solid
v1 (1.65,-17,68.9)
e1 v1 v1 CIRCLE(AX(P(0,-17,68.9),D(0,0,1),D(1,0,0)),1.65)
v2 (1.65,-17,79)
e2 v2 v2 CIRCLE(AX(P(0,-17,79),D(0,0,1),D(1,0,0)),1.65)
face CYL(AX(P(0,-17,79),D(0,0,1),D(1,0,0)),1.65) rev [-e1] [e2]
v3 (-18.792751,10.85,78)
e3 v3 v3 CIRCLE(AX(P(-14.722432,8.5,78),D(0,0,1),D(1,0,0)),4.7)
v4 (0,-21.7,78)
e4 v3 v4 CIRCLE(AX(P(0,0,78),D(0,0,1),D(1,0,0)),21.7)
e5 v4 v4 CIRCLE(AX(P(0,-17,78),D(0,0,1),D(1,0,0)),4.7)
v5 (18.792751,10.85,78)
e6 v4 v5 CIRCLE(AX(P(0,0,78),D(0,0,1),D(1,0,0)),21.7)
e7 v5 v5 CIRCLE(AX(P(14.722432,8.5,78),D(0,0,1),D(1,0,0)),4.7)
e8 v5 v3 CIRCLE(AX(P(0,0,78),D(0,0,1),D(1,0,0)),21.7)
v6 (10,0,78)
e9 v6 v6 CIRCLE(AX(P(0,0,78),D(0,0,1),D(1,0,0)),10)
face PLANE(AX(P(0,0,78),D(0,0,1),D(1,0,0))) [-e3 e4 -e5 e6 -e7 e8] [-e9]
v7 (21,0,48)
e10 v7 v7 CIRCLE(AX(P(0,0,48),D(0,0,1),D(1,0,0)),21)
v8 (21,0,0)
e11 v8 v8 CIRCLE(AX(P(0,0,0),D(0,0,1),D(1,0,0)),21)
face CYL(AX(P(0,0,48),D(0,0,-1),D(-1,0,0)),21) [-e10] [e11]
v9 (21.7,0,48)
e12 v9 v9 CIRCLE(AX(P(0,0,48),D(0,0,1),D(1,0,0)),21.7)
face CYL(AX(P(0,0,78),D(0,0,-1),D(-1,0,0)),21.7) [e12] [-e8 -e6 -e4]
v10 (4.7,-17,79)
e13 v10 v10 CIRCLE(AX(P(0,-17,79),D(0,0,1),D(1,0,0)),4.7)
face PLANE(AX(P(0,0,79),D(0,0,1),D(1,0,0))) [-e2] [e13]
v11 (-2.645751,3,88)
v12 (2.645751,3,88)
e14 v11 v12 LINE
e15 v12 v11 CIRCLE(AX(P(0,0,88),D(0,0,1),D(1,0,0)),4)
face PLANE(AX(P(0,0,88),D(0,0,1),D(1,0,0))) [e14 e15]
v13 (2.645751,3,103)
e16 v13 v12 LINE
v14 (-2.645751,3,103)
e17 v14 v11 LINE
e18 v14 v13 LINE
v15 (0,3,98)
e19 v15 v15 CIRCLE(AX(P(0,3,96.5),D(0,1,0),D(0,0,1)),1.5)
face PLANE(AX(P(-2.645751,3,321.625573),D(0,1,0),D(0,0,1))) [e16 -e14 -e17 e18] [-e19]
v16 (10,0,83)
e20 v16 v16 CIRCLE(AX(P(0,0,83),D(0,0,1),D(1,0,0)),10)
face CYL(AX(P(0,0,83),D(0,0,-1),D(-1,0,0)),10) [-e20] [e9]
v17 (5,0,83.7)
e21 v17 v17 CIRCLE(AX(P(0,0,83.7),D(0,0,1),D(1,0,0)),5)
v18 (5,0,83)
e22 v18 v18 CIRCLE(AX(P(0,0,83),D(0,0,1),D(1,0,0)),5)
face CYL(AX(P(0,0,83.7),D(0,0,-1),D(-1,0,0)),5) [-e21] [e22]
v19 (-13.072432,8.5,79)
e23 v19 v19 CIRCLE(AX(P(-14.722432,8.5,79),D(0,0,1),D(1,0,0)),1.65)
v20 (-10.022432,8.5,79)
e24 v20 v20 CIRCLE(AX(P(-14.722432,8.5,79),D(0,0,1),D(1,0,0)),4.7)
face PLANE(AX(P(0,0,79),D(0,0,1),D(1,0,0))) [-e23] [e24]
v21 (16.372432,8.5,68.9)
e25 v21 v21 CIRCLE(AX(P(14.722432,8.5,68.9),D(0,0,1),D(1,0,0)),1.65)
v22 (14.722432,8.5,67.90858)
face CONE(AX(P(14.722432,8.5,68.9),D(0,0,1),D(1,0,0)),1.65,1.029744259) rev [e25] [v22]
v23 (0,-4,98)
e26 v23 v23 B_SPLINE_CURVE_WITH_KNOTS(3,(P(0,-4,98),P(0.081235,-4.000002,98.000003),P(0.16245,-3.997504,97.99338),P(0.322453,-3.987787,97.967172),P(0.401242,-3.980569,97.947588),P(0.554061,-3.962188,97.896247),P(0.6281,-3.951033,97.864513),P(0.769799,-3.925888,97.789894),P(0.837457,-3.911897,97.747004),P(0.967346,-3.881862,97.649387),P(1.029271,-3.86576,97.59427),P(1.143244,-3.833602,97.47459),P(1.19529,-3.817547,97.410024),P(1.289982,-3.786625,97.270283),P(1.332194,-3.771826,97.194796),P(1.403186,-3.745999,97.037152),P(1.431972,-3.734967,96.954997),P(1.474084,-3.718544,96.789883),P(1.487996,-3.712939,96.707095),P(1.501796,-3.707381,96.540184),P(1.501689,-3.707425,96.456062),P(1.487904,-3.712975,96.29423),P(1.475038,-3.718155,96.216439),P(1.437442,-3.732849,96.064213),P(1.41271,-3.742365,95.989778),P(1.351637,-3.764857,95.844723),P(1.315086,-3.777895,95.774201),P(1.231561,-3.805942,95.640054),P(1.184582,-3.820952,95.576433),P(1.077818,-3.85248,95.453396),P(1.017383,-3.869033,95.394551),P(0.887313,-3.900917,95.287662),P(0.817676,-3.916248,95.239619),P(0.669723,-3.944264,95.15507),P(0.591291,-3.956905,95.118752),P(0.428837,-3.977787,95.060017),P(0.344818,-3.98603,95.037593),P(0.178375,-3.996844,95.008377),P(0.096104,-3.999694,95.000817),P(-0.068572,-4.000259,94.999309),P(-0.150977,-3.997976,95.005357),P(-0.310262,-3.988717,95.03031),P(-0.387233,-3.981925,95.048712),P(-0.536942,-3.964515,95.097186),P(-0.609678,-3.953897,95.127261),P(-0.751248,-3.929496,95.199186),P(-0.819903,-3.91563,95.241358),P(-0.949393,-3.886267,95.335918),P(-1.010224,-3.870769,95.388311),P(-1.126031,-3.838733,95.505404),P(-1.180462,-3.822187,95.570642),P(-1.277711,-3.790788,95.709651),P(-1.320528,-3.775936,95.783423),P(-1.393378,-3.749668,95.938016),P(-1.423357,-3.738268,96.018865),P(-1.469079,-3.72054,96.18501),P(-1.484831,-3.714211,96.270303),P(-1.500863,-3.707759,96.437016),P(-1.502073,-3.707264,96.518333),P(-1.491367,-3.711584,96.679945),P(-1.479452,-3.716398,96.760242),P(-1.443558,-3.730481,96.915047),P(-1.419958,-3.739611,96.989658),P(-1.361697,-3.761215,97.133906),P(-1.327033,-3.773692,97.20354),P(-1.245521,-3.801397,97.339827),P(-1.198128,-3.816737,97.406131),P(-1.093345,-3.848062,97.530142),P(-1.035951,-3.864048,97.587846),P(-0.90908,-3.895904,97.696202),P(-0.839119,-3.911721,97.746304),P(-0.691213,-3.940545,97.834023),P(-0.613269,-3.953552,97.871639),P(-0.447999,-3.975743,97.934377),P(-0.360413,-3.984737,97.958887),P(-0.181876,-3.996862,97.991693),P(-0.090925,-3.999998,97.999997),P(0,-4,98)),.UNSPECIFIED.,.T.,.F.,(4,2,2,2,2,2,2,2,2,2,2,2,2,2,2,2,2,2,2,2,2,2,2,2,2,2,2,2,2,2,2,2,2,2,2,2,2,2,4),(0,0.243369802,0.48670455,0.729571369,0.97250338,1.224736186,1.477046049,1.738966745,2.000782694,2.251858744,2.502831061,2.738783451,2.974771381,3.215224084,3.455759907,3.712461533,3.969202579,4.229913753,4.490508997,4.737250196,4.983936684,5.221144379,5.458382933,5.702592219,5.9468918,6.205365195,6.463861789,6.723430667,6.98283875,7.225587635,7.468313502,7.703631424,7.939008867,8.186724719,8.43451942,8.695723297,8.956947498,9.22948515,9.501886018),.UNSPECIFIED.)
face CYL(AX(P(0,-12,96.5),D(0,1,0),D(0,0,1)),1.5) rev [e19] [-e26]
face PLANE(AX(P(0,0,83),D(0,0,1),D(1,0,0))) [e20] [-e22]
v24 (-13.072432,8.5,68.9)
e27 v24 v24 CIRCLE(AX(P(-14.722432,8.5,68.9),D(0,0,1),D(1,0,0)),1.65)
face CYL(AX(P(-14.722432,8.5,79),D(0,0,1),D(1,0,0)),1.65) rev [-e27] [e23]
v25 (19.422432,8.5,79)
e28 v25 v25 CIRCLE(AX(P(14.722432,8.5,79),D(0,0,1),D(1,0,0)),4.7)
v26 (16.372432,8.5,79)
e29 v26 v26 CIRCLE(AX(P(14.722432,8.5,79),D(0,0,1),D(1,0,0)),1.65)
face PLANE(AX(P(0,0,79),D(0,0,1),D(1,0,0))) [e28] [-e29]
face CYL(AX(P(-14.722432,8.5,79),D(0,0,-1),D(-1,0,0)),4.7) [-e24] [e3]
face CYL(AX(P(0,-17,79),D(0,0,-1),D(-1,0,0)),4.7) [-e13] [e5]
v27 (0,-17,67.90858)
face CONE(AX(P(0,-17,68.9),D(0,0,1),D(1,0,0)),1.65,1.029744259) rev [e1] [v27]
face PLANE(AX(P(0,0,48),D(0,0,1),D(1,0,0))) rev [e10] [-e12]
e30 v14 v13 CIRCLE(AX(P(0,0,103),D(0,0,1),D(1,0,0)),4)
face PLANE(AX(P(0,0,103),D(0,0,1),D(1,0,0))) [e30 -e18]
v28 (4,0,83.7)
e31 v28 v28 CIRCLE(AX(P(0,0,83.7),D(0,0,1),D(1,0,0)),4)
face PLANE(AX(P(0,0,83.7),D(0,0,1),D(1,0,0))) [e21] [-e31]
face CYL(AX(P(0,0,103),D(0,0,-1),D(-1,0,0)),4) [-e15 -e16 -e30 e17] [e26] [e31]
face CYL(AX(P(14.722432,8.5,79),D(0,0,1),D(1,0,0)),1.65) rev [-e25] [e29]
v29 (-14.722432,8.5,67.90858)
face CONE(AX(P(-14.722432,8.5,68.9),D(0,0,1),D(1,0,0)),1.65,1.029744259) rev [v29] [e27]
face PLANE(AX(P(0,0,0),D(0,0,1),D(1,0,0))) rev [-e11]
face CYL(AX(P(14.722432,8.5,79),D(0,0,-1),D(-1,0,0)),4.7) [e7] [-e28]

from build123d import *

# Parameters (mm, degrees)
SKETCH1_R                 = 21
BOSS_EXTRUDE1_DEPTH       = 48
SKETCH2_R                 = 21.7
BOSS_EXTRUDE2_DEPTH       = 30
SKETCH3_R                 = 4.7
BOSS_EXTRUDE3_DEPTH       = 1
SKETCH3_3_R               = 10
BOSS_EXTRUDE4_DEPTH       = 5
SKETCH4_R                 = 4
BOSS_EXTRUDE5_DEPTH       = 20
CUT_EXTRUDE1_DEPTH        = 1
CUT_EXTRUDE1_DEPTH_BACK   = 15
SKETCH6_R                 = 1.5
CUT_EXTRUDE2_DEPTH        = 15
M4X0_7_TAPPED_HOLE2_D     = 3.3
M4X0_7_TAPPED_HOLE2_DEPTH = 10.1
M4X0_7_TAPPED_HOLE2_TIP   = 0.991420021
SKETCH9_R                 = 5
SKETCH9_R_2               = 4
BOSS_EXTRUDE6_DEPTH       = 0.7


with BuildPart() as part:
    # Sketch1 → Boss-Extrude1 (new body)
    with BuildSketch(Plane.XY):
        Circle(SKETCH1_R)
    extrude(amount=BOSS_EXTRUDE1_DEPTH)

    # Sketch2 → Boss-Extrude2 (add)
    with BuildSketch(Plane.XY.offset(48)):
        Circle(SKETCH2_R)
    extrude(amount=BOSS_EXTRUDE2_DEPTH)

    # Sketch3 → Boss-Extrude3 (add)
    with BuildSketch(Plane.XY.offset(78)):
        with Locations((-14.722431864, 8.5)):
            Circle(SKETCH3_R)
        with Locations((14.722431864, 8.5)):
            Circle(SKETCH3_R)
        with Locations((0, -17)):
            Circle(SKETCH3_R)
    extrude(amount=BOSS_EXTRUDE3_DEPTH)

    # Sketch3<3> → Boss-Extrude4 (add)
    with BuildSketch(Plane.XY.offset(78)):
        Circle(SKETCH3_3_R)
    extrude(amount=BOSS_EXTRUDE4_DEPTH)

    # Sketch4 → Boss-Extrude5 (add)
    with BuildSketch(Plane.XY.offset(83)):
        Circle(SKETCH4_R)
    extrude(amount=BOSS_EXTRUDE5_DEPTH)

    # Sketch5 → Cut-Extrude1 (cut, two sides)
    with BuildSketch(Plane.XY.offset(103)) as cut_extrude1_sk:
        Polygon((-82.008727225, 3), (-2.645751311, 3), (2.645751311, 3), (82.008727225, 3), (82.008727225, 161.725951827), (-82.008727225, 161.725951827), align=None)
    extrude(amount=CUT_EXTRUDE1_DEPTH, mode=Mode.SUBTRACT)
    extrude(cut_extrude1_sk.sketch, amount=-CUT_EXTRUDE1_DEPTH_BACK, mode=Mode.SUBTRACT)

    # Sketch6 → Cut-Extrude2 (cut)
    with BuildSketch(Plane(origin=(0, 3, 0), x_dir=(1, 0, 0), z_dir=(0, 1, 0))):
        with Locations((0, -96.5)):
            Circle(SKETCH6_R)
    extrude(amount=-CUT_EXTRUDE2_DEPTH, mode=Mode.SUBTRACT)

    # M4x0.7 Tapped Hole2
    with Locations(Plane(origin=(0, -17, 79), x_dir=(1, 0, 0), z_dir=(0, 0, 1))):
        with Locations((0, 0), (14.722431864, 25.5), (-14.722431864, 25.5)):
            Hole(M4X0_7_TAPPED_HOLE2_D / 2, depth=M4X0_7_TAPPED_HOLE2_DEPTH)
            with Locations((0, 0, -(M4X0_7_TAPPED_HOLE2_DEPTH + M4X0_7_TAPPED_HOLE2_TIP / 2))):  # 118° drill point
                Cone(0, M4X0_7_TAPPED_HOLE2_D / 2, M4X0_7_TAPPED_HOLE2_TIP, mode=Mode.SUBTRACT)

    # Sketch9 → Boss-Extrude6 (add)
    with BuildSketch(Plane.XY.offset(83)):
        Circle(SKETCH9_R)
        Circle(SKETCH9_R_2, mode=Mode.SUBTRACT)
    extrude(amount=BOSS_EXTRUDE6_DEPTH)


solid = part.part
